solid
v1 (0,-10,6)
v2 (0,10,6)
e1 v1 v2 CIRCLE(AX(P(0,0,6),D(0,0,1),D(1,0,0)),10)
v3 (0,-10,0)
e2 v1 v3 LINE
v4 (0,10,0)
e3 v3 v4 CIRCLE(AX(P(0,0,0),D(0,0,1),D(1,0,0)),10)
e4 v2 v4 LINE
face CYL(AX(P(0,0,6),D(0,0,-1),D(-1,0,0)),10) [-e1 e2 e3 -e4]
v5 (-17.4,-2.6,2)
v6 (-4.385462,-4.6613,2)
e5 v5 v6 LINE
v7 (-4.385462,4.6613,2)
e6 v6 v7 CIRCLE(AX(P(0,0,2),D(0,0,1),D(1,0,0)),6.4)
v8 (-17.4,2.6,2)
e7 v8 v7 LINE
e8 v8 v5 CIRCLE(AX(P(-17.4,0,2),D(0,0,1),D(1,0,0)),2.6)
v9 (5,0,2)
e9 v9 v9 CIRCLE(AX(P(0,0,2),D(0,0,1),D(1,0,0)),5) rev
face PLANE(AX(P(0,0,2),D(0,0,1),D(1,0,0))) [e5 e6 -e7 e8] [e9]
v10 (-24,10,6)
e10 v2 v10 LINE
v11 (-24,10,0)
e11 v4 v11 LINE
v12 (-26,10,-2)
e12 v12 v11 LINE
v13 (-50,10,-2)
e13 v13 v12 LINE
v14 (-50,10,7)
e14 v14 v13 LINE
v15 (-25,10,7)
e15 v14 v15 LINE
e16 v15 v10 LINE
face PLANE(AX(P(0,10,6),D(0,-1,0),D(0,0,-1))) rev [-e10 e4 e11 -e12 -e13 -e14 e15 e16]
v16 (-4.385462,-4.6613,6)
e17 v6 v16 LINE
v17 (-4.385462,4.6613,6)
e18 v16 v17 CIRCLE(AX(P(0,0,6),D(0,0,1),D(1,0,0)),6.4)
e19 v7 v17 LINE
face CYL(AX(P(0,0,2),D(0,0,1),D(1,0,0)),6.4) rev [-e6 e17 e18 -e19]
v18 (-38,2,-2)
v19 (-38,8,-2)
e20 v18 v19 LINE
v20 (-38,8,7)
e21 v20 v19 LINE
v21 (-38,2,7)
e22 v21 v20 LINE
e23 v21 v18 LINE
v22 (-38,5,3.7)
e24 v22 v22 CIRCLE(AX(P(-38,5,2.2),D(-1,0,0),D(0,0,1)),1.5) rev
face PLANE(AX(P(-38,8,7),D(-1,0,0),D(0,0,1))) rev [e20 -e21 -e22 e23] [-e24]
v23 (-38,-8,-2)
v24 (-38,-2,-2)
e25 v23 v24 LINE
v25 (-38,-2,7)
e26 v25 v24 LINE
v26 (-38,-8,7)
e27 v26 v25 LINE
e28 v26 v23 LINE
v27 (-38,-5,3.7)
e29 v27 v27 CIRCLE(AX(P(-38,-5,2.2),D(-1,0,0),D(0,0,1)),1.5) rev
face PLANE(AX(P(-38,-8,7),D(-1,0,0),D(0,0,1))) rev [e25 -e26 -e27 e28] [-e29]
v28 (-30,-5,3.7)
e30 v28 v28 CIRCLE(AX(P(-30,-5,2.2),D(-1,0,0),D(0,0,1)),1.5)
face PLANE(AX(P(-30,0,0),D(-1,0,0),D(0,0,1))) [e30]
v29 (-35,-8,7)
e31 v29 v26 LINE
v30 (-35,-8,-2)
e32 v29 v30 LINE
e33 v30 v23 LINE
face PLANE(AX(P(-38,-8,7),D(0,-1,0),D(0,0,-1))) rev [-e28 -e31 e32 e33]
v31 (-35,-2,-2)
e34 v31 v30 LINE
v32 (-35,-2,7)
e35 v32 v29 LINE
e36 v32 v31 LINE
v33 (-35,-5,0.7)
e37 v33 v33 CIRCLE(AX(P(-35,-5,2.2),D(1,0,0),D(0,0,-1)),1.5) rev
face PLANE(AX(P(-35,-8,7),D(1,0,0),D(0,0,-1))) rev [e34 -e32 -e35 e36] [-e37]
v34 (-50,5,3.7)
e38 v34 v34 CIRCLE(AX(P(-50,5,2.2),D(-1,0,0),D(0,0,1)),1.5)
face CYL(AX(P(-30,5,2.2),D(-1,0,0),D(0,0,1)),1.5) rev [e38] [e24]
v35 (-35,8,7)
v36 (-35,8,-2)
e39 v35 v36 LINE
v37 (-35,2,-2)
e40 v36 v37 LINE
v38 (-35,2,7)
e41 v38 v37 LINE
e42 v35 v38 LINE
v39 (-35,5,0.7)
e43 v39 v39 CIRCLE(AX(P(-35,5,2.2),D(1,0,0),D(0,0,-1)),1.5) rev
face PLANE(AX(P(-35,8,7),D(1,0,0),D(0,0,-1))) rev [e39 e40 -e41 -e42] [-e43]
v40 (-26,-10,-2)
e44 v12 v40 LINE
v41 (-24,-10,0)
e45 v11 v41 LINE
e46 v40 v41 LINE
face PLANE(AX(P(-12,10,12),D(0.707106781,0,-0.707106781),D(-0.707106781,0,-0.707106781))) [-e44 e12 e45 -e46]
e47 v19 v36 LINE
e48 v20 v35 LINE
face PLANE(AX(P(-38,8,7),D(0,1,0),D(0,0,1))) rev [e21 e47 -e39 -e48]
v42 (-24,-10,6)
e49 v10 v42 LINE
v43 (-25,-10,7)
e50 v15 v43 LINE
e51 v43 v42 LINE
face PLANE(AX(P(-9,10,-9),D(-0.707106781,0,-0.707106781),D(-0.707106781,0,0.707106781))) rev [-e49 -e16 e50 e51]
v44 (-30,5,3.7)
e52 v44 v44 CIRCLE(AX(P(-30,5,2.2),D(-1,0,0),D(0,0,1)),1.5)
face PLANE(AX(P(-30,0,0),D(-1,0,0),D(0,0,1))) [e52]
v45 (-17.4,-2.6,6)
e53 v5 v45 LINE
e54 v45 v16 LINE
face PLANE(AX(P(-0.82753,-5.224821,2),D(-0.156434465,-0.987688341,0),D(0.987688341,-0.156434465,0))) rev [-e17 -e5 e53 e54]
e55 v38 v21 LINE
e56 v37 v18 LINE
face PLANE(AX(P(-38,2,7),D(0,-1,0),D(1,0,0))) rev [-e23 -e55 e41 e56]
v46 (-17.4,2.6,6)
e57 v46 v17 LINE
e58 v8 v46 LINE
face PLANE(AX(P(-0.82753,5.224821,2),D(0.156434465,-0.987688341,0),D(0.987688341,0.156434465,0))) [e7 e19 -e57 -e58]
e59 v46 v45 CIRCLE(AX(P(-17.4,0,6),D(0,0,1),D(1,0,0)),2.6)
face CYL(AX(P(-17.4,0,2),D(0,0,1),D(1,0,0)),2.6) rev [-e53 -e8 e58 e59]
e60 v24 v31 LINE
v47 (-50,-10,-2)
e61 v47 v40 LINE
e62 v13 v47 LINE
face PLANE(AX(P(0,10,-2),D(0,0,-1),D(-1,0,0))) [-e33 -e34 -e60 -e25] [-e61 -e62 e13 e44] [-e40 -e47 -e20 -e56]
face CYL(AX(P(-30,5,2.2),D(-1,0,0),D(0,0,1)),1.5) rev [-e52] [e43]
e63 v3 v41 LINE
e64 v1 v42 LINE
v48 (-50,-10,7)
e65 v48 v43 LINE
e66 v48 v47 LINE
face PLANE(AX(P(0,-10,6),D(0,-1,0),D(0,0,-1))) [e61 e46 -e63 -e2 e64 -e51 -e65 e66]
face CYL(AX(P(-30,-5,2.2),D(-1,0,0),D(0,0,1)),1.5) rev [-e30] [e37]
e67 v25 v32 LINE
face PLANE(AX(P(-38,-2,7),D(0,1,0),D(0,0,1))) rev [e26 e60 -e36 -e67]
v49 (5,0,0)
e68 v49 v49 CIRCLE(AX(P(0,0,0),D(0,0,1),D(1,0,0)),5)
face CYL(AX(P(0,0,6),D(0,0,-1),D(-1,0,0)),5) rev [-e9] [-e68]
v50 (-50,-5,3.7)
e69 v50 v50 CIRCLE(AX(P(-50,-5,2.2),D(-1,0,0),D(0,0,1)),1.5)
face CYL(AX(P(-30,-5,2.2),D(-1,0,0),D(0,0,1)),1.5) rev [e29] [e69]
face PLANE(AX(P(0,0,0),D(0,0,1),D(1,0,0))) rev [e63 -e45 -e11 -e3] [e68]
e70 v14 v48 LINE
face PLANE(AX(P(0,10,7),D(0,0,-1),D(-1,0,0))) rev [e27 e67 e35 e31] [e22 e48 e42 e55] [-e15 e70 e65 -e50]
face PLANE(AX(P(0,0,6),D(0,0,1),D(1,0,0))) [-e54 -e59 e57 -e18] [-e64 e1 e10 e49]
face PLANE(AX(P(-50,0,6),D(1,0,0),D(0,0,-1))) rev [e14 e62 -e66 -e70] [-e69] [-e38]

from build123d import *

# Parameters (mm, degrees)
EXTRUDE_1_DEPTH     = 6
CUT_EXTRUDE_1_DEPTH = 4
SKETCH_3_R          = 1.5
CUT_EXTRUDE_2_DEPTH = 20
EXTRUDE_2_DEPTH     = 10
EXTRUDE_3_DEPTH     = 10
SKETCH_5_W          = 3
SKETCH_5_H          = 6
CUT_EXTRUDE_3_DEPTH = 52.778373864


with BuildPart() as part:
    # Эскиз1 → Бобышка-Вытянуть1 (new body)
    with BuildSketch(Plane.XY):
        with BuildLine():
            Line((0, 10), (0, 5))
            ThreePointArc((0, 5), (3.535533906, 3.535533906), (5, 0))
            ThreePointArc((5, 0), (3.535533906, -3.535533906), (0, -5))
            Line((0, -5), (0, -10))
            ThreePointArc((0, -10), (7.071067812, -7.071067812), (10, 0))
            ThreePointArc((10, 0), (7.071067812, 7.071067812), (0, 10))
        make_face()
        with BuildLine():
            ThreePointArc((0, -5), (-3.535533906, -3.535533906), (-5, 0))
            Line((-5, 0), (-10, 0))
            ThreePointArc((-10, 0), (-7.071067812, -7.071067812), (0, -10))
            Line((0, -10), (0, -5))
        make_face()
        with BuildLine():
            Line((-10, 0), (-5, 0))
            ThreePointArc((-5, 0), (-3.535533906, 3.535533906), (0, 5))
            Line((0, 5), (0, 10))
            ThreePointArc((0, 10), (-7.071067812, 7.071067812), (-10, 0))
        make_face()
        with BuildLine():
            ThreePointArc((0, -10), (-7.071067812, -7.071067812), (-10, 0))
            Line((-10, 0), (-50, 0))
            Line((-50, 0), (-50, -10))
            Line((-50, -10), (0, -10))
        make_face()
        with BuildLine():
            Line((-50, 0), (-10, 0))
            ThreePointArc((-10, 0), (-7.071067812, 7.071067812), (0, 10))
            Line((0, 10), (-50, 10))
            Line((-50, 10), (-50, 0))
        make_face()
    extrude(amount=EXTRUDE_1_DEPTH)

    # Эскиз2 → Вырез-Вытянуть1 (cut)
    with BuildSketch(Plane.XY.offset(6)):
        with BuildLine():
            Line((-4.385462329, 4.661300265), (-17.4, 2.6))
            ThreePointArc((-17.4, 2.6), (-20, 0), (-17.4, -2.6))
            Line((-17.4, -2.6), (-4.385462329, -4.661300265))
            ThreePointArc((-4.385462329, -4.661300265), (6.4, 0), (-4.385462329, 4.661300265))
        make_face()
    extrude(amount=-CUT_EXTRUDE_1_DEPTH, mode=Mode.SUBTRACT)

    # Эскиз3 → Вырез-Вытянуть2 (cut)
    with BuildSketch(Plane.ZY.offset(50)):
        with Locations((2.2, 5)):
            Circle(SKETCH_3_R)
        with Locations((2.2, -5)):
            Circle(SKETCH_3_R)
    extrude(amount=-CUT_EXTRUDE_2_DEPTH, mode=Mode.SUBTRACT)

    # Эскиз4 → Бобышка-Вытянуть2 (add, symmetric)
    with BuildSketch(Plane(origin=(0, 0, 0), x_dir=(1, 0, 0), z_dir=(0, 1, 0))):
        Polygon((-50, 0), (-24, 0), (-26, 2), (-50, 2), align=None)
    extrude(amount=EXTRUDE_2_DEPTH, both=True)

    # Эскиз6 → Бобышка-Вытянуть3 (add, symmetric)
    with BuildSketch(Plane(origin=(0, 0, 0), x_dir=(1, 0, 0), z_dir=(0, 1, 0))):
        Polygon((-24, -6), (-50, -6), (-50, -7), (-25, -7), align=None)
    extrude(amount=EXTRUDE_3_DEPTH, both=True)

    # Эскиз5 → Вырез-Вытянуть3 (cut, through all)
    with BuildSketch(Plane(origin=(0, 0, -2), x_dir=(-1, 0, 0), z_dir=(0, 0, -1))):
        with Locations((36.5, -5)):
            Rectangle(SKETCH_5_W, SKETCH_5_H)
        with Locations((36.5, 5)):
            Rectangle(SKETCH_5_W, SKETCH_5_H)
    extrude(amount=-CUT_EXTRUDE_3_DEPTH, mode=Mode.SUBTRACT)


solid = part.part
